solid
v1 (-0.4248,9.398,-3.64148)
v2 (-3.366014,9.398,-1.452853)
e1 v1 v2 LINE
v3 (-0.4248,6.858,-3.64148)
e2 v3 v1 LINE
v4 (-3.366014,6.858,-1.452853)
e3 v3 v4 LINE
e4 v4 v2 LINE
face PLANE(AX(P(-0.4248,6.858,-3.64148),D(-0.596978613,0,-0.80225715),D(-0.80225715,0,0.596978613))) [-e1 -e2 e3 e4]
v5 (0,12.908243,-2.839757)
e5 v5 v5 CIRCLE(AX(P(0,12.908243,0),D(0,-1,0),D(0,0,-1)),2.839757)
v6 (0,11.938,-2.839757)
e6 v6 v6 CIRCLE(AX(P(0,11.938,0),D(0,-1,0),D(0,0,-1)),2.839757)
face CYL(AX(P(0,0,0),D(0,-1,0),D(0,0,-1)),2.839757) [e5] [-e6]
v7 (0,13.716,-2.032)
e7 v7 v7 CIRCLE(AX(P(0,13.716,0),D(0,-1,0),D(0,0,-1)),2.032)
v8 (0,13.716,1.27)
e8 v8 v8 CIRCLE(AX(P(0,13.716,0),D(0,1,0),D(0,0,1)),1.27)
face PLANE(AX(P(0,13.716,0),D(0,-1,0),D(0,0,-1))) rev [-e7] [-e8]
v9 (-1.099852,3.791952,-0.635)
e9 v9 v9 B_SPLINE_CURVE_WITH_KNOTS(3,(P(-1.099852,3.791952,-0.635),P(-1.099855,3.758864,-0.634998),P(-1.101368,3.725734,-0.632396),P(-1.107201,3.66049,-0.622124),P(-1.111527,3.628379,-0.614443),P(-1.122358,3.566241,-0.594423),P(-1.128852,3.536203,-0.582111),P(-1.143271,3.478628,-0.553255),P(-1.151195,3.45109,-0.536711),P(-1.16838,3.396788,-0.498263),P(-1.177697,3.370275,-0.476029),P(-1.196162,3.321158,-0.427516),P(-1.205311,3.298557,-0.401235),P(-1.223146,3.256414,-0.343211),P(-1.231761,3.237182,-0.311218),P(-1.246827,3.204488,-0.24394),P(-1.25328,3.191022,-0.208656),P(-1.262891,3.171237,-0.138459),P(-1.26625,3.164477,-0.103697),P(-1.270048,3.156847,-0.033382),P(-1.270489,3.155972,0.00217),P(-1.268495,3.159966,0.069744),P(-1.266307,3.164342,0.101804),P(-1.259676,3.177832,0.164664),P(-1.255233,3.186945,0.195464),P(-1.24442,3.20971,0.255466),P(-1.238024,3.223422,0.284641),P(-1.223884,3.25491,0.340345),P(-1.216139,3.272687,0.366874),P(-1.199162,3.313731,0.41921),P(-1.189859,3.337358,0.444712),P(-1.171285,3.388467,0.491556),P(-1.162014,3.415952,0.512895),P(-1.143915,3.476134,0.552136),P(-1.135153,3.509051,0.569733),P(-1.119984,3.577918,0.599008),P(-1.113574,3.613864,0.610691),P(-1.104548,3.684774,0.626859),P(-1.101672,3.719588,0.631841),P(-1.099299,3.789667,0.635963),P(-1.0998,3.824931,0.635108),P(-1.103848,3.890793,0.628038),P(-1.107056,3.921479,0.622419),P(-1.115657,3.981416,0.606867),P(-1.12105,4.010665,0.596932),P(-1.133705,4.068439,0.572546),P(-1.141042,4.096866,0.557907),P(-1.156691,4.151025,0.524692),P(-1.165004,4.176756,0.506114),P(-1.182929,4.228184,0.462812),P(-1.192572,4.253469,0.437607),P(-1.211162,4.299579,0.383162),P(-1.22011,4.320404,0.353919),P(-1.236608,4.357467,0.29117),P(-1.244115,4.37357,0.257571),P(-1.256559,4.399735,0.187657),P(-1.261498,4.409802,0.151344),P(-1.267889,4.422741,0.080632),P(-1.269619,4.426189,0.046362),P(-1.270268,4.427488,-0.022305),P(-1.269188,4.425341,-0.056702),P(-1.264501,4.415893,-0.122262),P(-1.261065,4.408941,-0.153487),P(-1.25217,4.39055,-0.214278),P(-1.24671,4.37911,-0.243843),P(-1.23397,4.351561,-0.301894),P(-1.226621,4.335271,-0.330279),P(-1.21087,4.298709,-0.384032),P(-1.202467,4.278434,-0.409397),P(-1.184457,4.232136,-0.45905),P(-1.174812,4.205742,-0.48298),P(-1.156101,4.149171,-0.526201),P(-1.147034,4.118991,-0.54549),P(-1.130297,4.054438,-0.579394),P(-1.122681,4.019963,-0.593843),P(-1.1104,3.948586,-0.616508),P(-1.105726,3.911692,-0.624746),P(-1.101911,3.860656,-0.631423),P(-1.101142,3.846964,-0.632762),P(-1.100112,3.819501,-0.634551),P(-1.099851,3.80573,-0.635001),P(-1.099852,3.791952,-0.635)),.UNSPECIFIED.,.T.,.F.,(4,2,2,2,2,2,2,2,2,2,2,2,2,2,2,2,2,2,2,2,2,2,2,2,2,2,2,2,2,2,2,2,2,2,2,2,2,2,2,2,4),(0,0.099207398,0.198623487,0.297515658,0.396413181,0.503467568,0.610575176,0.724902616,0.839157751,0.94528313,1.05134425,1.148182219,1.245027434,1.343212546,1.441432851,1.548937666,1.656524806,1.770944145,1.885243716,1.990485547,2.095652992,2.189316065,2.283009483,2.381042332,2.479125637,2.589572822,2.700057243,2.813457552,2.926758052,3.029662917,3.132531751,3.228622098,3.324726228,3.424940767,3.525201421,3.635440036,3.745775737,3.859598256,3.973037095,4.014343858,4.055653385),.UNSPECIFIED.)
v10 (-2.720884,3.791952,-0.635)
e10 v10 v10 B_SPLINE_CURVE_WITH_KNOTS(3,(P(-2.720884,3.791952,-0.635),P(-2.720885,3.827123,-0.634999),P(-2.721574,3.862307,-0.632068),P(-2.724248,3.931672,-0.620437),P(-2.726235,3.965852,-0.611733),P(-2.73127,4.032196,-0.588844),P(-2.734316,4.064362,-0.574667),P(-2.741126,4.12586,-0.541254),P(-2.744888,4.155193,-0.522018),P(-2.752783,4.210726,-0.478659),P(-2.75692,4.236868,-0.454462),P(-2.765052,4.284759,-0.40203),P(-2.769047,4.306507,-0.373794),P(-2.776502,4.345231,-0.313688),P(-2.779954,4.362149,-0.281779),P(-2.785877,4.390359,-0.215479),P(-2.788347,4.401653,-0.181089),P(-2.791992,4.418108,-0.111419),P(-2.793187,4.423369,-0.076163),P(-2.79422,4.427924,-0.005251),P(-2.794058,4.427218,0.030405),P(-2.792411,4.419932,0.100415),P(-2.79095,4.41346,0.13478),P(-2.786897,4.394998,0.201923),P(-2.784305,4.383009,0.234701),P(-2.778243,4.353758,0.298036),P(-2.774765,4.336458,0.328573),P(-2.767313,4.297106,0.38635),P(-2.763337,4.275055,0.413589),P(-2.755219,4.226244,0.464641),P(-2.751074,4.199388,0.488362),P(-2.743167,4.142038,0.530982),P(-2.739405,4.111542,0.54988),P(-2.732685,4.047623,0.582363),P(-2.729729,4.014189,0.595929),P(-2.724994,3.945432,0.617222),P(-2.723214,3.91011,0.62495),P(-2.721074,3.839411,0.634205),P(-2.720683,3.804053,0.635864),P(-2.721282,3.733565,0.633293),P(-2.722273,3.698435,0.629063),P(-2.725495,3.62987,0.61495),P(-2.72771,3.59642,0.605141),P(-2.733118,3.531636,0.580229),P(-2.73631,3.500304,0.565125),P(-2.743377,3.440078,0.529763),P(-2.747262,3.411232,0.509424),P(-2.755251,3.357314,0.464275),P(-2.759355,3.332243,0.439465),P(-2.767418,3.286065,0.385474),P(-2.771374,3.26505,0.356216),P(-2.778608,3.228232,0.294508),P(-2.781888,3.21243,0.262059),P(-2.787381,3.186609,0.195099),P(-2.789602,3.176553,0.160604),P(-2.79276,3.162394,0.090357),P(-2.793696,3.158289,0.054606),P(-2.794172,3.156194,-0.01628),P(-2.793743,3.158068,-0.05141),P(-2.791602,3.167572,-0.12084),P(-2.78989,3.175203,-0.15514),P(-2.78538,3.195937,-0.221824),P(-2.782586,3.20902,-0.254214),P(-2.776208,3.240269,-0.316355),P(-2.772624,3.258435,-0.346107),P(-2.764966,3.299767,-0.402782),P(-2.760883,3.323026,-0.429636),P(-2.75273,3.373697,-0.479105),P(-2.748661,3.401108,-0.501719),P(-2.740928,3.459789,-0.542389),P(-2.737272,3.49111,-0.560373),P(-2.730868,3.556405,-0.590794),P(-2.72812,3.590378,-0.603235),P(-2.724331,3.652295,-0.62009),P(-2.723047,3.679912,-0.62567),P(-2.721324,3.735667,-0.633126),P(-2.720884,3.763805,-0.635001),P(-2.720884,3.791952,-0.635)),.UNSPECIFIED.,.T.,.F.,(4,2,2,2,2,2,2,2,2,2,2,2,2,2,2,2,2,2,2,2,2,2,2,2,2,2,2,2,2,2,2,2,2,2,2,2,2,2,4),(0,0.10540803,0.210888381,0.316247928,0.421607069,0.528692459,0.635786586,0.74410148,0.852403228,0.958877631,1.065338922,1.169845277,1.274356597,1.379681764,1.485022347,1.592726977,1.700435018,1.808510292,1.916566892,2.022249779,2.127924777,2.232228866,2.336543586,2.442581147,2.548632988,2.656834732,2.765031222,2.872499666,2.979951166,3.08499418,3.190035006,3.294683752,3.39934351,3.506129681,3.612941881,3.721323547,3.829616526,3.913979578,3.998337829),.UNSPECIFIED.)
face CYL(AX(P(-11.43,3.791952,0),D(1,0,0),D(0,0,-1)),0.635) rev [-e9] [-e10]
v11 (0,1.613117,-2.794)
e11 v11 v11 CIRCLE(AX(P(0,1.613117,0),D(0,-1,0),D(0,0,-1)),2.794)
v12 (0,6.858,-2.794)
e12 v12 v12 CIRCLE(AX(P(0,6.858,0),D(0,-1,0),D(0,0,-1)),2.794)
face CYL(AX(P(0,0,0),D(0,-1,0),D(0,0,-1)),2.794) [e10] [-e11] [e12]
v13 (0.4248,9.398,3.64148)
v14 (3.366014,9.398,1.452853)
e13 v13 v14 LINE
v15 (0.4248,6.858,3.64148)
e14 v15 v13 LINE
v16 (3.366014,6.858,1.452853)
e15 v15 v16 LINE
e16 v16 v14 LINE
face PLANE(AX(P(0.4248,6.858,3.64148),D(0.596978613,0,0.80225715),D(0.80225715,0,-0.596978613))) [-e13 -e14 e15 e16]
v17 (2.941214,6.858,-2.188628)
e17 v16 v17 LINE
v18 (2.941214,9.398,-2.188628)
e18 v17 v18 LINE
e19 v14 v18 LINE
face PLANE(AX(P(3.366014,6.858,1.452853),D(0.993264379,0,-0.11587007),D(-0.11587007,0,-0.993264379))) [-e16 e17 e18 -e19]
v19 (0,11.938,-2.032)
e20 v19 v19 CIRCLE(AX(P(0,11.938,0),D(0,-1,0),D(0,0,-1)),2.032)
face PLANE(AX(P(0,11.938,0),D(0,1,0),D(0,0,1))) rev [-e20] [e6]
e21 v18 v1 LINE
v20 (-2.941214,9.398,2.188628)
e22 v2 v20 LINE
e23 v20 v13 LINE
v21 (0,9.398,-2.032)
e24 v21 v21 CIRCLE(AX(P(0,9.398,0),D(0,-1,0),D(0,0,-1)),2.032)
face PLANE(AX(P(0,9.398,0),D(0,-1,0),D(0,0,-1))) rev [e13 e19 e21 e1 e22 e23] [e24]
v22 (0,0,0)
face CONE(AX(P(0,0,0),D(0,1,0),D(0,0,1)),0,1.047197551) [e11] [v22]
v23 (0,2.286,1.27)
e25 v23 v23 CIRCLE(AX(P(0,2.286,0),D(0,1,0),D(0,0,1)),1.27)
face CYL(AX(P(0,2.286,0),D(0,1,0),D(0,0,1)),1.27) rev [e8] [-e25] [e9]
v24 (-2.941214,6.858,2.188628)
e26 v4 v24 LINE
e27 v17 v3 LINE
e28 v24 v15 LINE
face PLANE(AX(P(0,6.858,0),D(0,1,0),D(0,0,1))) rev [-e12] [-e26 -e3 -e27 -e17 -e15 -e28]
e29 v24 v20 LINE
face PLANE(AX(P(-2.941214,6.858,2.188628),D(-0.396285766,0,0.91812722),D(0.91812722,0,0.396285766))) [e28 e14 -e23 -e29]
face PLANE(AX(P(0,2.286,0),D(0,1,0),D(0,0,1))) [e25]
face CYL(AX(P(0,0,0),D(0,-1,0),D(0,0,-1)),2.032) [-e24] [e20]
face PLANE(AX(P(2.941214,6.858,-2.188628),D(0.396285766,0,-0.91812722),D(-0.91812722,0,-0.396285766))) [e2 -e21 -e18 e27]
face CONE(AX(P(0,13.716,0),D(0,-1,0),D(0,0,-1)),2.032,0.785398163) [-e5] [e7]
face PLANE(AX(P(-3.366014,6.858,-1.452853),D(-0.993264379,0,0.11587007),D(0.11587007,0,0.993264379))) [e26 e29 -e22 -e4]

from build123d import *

# Parameters (mm, degrees)
SKETCH2_OUTSIDE_W  = 15.626
SKETCH2_OUTSIDE_H  = 15.626
CUT_EXTRUDE1_DEPTH = 2.54
SKETCH3_R          = 1.27
CUT_EXTRUDE2_DEPTH = 11.43
SKETCH4_R          = 0.635
CUT_EXTRUDE3_DEPTH = 11.43


with BuildPart() as part:
    # Sketch1 → Revolve2 (revolve)
    with BuildSketch(Plane(origin=(0, 0, 0), x_dir=(0, 0, -1), z_dir=(1, 0, 0))):
        Polygon((0, 0), (0, 13.716), (2.032, 13.716), (2.839757444, 12.908242556), (2.839757444, 11.938), (2.032, 11.938), (2.032, 9.398), (4.868925194, 9.398), (4.868925194, 6.858), (2.794, 6.858), (2.794, 1.613116652), align=None)
    revolve(axis=Axis((0, 0, 0), (0, 1, 0)))

    # Sketch2 outside → Cut-Extrude1 (cut)
    with BuildSketch(Plane(origin=(0, 9.398, 0), x_dir=(1, 0, 0), z_dir=(0, 1, 0))):
        Rectangle(SKETCH2_OUTSIDE_W, SKETCH2_OUTSIDE_H)
        Polygon((3.366014334, -1.452852654), (2.941214474, 2.188627596), (-0.424799861, 3.64148025), (-3.366014334, 1.452852654), (-2.941214474, -2.188627596), (0.424799861, -3.64148025), align=None, mode=Mode.SUBTRACT)
    extrude(amount=-CUT_EXTRUDE1_DEPTH, mode=Mode.SUBTRACT)

    # Sketch3 → Cut-Extrude2 (cut)
    with BuildSketch(Plane(origin=(0, 13.716, 0), x_dir=(1, 0, 0), z_dir=(0, 1, 0))):
        Circle(SKETCH3_R)
    extrude(amount=-CUT_EXTRUDE2_DEPTH, mode=Mode.SUBTRACT)

    # Sketch4 → Cut-Extrude3 (cut)
    with BuildSketch(Plane(origin=(0, 0, 0), x_dir=(0, 0, -1), z_dir=(1, 0, 0))):
        with Locations((0, 3.79195236)):
            Circle(SKETCH4_R)
    extrude(amount=-CUT_EXTRUDE3_DEPTH, mode=Mode.SUBTRACT)


solid = part.part
